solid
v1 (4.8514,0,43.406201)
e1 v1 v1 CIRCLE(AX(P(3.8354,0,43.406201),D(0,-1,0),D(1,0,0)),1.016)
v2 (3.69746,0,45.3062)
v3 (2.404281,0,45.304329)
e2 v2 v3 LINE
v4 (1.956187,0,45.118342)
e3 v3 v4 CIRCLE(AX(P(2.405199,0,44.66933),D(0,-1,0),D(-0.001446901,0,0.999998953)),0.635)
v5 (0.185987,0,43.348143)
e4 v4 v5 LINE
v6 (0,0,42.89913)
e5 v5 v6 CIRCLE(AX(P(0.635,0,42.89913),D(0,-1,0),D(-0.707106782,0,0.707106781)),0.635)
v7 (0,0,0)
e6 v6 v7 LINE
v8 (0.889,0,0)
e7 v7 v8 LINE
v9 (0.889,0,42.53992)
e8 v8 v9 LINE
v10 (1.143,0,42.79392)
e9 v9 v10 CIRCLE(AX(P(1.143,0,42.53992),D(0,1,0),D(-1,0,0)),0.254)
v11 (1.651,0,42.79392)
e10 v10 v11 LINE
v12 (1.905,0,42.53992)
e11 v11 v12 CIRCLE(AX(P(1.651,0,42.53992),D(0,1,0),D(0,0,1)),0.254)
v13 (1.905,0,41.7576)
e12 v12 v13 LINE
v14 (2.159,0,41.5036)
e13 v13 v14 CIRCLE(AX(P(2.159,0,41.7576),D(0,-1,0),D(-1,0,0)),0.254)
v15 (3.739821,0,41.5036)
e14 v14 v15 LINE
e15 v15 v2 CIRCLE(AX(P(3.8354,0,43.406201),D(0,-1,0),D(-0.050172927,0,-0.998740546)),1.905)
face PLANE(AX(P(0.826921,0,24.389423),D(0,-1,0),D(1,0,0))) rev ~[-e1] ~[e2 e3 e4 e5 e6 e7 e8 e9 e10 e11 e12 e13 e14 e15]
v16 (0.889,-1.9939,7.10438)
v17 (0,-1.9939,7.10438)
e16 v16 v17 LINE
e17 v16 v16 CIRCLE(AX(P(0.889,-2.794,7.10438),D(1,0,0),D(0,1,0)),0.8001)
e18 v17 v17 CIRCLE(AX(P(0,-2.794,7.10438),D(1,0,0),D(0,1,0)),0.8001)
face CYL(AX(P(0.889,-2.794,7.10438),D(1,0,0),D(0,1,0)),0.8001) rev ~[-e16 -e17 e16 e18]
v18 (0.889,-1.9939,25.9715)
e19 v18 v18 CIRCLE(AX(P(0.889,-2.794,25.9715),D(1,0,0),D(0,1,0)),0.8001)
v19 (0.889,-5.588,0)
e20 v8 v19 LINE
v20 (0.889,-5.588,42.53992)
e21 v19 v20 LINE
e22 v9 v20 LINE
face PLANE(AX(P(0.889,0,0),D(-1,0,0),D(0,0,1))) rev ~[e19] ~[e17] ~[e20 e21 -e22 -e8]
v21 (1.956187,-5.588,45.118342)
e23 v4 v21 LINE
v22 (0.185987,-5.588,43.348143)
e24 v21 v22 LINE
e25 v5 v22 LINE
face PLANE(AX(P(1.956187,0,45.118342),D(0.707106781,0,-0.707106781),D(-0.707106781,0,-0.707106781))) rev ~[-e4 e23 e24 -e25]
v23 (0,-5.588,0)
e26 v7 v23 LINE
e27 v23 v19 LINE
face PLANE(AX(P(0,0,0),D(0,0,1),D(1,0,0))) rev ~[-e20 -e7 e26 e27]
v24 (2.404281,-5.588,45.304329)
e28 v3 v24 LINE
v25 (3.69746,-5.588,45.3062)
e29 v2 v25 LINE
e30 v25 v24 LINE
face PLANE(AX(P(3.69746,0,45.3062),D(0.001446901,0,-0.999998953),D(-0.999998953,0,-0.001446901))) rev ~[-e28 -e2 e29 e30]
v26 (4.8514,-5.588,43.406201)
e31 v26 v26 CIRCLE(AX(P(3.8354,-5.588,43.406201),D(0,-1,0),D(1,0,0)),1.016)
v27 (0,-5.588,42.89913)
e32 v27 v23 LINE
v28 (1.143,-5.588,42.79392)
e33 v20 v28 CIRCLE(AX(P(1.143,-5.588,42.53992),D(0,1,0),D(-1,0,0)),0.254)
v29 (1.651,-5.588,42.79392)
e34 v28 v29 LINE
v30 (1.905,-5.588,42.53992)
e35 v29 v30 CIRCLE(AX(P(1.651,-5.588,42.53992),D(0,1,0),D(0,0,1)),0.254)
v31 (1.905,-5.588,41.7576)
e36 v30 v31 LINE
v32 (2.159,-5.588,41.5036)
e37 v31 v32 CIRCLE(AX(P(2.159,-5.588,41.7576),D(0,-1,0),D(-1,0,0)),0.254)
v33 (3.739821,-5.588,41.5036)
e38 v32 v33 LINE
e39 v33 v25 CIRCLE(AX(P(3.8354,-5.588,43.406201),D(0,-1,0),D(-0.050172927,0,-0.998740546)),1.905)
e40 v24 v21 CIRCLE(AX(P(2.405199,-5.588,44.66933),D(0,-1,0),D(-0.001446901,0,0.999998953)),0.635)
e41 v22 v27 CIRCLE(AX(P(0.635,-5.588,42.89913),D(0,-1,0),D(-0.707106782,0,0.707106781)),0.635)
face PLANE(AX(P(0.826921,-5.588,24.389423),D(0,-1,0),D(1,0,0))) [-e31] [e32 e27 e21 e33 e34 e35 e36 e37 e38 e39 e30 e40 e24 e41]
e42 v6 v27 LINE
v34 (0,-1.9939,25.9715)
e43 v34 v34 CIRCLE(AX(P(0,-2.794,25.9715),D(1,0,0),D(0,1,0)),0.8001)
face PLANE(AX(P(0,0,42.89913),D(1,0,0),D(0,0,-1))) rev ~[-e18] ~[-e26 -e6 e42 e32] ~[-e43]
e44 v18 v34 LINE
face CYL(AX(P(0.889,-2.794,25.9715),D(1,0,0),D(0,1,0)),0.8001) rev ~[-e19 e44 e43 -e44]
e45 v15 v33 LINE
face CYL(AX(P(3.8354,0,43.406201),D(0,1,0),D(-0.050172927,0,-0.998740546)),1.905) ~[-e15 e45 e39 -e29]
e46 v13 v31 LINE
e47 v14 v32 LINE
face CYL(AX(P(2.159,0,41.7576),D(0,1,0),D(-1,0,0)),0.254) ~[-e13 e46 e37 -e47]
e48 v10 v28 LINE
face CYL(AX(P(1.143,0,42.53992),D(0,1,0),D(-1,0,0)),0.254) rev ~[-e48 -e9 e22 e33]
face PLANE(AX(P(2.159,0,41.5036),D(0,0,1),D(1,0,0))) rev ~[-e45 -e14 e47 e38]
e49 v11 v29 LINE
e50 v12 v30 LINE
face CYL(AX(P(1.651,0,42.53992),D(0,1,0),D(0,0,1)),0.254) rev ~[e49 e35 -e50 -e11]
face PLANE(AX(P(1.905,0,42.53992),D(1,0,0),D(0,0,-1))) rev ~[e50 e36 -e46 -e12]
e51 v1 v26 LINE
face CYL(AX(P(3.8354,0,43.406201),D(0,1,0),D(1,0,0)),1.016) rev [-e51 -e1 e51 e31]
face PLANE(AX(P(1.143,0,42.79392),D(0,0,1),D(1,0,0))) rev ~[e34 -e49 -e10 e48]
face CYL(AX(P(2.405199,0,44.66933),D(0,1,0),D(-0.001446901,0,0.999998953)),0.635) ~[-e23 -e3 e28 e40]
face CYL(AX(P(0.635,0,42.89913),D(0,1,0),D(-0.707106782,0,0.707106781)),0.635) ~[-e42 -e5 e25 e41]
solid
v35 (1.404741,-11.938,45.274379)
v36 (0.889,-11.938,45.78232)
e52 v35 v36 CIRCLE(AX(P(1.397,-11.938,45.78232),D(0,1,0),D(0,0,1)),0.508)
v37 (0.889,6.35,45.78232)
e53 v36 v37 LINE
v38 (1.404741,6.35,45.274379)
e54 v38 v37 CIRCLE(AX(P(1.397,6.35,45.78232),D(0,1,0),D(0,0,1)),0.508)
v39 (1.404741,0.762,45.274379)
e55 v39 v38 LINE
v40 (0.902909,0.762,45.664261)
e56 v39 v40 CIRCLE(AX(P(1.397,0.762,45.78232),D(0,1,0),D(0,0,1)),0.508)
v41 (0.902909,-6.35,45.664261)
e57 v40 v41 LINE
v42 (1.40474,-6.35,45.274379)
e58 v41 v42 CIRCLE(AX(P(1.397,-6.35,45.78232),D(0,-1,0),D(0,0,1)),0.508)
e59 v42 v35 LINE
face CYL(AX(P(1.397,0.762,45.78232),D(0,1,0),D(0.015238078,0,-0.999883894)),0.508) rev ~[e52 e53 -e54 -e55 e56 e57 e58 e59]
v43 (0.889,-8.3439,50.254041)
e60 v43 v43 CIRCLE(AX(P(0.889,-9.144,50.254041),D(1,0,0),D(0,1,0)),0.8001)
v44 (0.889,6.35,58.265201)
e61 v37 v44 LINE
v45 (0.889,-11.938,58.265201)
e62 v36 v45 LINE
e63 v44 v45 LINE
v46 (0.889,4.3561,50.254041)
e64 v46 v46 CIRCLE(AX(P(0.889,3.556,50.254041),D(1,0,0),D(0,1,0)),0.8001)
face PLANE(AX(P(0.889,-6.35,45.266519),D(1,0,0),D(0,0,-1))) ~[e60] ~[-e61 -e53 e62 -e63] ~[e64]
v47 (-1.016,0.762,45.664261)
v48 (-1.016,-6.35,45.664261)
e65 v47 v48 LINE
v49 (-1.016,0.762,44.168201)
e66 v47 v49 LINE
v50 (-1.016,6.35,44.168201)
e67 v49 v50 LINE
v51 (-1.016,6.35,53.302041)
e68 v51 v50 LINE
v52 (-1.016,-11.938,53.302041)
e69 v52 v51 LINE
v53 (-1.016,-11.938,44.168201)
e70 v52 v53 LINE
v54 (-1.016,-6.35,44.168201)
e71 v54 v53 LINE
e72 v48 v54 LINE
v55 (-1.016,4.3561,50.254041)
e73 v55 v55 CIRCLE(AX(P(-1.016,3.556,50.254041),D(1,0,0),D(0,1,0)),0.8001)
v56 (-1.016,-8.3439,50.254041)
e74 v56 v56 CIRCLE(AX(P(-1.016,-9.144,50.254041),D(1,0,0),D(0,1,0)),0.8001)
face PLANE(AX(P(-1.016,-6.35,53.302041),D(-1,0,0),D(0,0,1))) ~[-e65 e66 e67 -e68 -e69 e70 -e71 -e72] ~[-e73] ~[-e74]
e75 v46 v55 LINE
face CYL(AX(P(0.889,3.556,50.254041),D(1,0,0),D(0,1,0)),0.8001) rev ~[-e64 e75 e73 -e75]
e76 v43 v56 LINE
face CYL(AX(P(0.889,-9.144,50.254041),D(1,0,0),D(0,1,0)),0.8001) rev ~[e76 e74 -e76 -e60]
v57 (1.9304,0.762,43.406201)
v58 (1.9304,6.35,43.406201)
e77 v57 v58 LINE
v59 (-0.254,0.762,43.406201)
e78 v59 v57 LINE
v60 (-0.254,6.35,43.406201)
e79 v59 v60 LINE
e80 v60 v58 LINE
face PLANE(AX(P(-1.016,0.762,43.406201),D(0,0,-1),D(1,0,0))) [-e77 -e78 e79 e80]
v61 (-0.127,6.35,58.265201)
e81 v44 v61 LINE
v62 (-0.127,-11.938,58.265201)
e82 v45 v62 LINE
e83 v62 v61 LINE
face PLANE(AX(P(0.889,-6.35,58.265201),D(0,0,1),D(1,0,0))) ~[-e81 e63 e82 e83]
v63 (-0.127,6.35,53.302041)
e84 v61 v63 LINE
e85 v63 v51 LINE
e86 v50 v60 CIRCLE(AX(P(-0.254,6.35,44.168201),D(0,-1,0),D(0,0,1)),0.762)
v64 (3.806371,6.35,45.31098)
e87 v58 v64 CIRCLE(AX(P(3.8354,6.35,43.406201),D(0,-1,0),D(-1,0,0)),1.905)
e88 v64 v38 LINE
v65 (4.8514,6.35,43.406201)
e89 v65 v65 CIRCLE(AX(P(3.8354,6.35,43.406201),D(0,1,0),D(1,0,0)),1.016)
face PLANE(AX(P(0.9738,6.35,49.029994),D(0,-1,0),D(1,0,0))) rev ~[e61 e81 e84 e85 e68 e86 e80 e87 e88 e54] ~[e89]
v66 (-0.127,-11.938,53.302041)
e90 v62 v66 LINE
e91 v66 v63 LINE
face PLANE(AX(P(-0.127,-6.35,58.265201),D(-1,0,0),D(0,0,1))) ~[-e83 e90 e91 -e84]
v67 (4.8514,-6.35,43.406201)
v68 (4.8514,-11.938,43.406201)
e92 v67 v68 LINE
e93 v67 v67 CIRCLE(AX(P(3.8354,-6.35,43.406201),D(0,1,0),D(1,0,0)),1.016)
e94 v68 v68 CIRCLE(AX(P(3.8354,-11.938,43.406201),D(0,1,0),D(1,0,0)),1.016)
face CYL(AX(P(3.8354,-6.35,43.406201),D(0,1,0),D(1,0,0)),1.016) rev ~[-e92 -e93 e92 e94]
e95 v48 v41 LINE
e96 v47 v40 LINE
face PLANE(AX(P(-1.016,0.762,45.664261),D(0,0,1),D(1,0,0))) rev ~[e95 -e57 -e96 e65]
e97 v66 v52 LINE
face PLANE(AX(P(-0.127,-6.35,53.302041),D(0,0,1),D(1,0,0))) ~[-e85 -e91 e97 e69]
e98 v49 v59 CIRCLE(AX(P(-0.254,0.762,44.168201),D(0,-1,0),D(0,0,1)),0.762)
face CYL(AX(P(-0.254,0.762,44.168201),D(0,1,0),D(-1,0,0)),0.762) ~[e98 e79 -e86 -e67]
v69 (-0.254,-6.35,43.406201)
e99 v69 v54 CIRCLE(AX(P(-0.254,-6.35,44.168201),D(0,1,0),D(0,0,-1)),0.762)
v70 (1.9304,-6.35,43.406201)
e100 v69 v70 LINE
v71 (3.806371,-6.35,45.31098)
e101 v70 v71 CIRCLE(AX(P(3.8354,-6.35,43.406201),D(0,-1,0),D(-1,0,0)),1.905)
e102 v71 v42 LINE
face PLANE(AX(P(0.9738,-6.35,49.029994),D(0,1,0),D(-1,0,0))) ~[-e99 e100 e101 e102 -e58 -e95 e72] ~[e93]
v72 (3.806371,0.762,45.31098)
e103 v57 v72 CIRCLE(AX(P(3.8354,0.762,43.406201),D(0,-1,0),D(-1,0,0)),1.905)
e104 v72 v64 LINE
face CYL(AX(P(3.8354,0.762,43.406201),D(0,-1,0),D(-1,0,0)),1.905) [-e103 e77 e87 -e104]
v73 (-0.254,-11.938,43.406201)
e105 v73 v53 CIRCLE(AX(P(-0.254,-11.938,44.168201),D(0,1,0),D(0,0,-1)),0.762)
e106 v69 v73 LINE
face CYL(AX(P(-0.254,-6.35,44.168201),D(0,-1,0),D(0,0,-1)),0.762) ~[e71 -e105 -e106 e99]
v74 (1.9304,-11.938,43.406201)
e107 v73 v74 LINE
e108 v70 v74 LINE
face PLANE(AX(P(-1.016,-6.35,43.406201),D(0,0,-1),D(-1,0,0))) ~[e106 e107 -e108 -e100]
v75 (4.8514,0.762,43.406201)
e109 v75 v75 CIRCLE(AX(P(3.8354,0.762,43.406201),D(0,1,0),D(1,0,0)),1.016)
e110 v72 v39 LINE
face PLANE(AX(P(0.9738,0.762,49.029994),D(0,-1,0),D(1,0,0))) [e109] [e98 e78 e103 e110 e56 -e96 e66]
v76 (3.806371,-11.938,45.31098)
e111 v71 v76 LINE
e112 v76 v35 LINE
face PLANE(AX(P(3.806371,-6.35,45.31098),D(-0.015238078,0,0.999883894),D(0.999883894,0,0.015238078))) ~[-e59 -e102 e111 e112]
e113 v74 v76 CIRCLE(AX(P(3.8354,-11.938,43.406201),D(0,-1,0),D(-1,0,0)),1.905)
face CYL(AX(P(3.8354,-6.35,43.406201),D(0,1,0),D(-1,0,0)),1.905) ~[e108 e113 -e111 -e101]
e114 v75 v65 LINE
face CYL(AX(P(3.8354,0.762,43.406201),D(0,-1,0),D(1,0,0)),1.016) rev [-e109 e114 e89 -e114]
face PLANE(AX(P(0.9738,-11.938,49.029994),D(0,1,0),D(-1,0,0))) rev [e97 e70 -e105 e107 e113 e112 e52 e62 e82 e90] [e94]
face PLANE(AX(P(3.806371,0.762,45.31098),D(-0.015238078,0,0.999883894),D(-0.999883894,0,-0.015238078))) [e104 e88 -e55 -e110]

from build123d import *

# Parameters (mm, degrees)
F0_R           = 1.016
F1_DEPTH       = 5.588
F2_R           = 0.8001
F3_DEPTH       = 25.4
F3_DEPTH_BACK  = 25.4
F6_DEPTH       = 5.588
F10_DEPTH      = 7.112
F12_R          = 0.508
F13_R          = 0.762
F14_R          = 0.8001
F15_DEPTH      = 25.4
F15_DEPTH_BACK = 25.4
F16_DEPTH      = 25.4
F16_DEPTH_BACK = 25.4


with BuildPart() as f1:
    # F0 (on Front) → F1 (new body)
    with BuildSketch(Plane.XZ):
        with BuildLine():
            Line((0, 42.8991302448), (0, 0))
            Line((0, 0), (0.889, 0))
            Line((0.889, 0), (0.889, 42.53992))
            ThreePointArc((0.889, 42.53992), (0.9633948776, 42.7195251224), (1.143, 42.79392))
            Line((1.143, 42.79392), (1.651, 42.79392))
            ThreePointArc((1.651, 42.79392), (1.8306051224, 42.7195251224), (1.905, 42.53992))
            Line((1.905, 42.53992), (1.905, 41.7576))
            ThreePointArc((1.905, 41.7576), (1.9793948776, 41.5779948776), (2.159, 41.5036))
            Line((2.159, 41.5036), (3.7398205742, 41.5036))
            ThreePointArc((3.7398205742, 41.5036), (5.7402818064, 43.4274211016), (3.6974596514, 45.306200071))
            Line((3.6974596514, 45.306200071), (2.4042806048, 45.3043289671))
            ThreePointArc((2.4042806048, 45.3043289671), (2.1617710488, 45.25581718), (1.9561865808, 45.1183424378))
            Line((1.9561865808, 45.1183424378), (0.1859871939, 43.3481430509))
            ThreePointArc((0.1859871939, 43.3481430509), (0.0483364969, 43.1421342244), (0, 42.8991302448))
        make_face()
        with Locations((3.8354, 43.4062007393)):
            Circle(F0_R, mode=Mode.SUBTRACT)
    extrude(amount=F1_DEPTH)

    # F2 (on face) → F3 (cut, two sides)
    with BuildSketch(Plane.YZ.offset(0.889)) as f3_sk:
        with Locations((-2.794, 25.9715)):
            Circle(F2_R)
        with Locations((-2.794, 7.10438)):
            Circle(F2_R)
    extrude(amount=-F3_DEPTH, mode=Mode.SUBTRACT)
    extrude(f3_sk.sketch, amount=F3_DEPTH_BACK, mode=Mode.SUBTRACT)


with BuildPart() as f6:
    # F5 (on offset) → F6 (new body)
    with BuildSketch(Plane.XZ.offset(-0.762)):
        with BuildLine():
            Line((-1.016, 43.4062007393), (1.9304, 43.4062007393))
            ThreePointArc((1.9304, 43.4062007393), (5.1926627539, 42.0694648578), (3.8063714614, 45.3109795569))
            Line((3.8063714614, 45.3109795569), (0.889, 45.2665192609))
            Line((0.889, 45.2665192609), (0.889, 58.2652007393))
            Line((0.889, 58.2652007393), (-0.127, 58.2652007393))
            Line((-0.127, 58.2652007393), (-0.127, 53.3020407393))
            Line((-0.127, 53.3020407393), (-1.016, 53.3020407393))
            Line((-1.016, 53.3020407393), (-1.016, 43.4062007393))
        make_face()
        with BuildLine():
            ThreePointArc((2.8194, 43.4062007393), (3.8354, 44.4222007393), (4.8514, 43.4062007393))
            ThreePointArc((4.8514, 43.4062007393), (3.8354, 42.3902007393), (2.8194, 43.4062007393))
        make_face(mode=Mode.SUBTRACT)
    extrude(amount=-F6_DEPTH)


with BuildPart() as f8_1:
    # F8: instance of F6
    add(f6.part.mirror(Plane.XZ.offset(2.794)))


with BuildPart() as f10:
    # F9 (on face) → F10 (new body, through all)
    with BuildSketch(Plane.XZ.offset(-0.762)):
        Polygon((-1.016, 53.3020407393), (-1.016, 45.6642607393), (0.889, 45.6642607393), (0.889, 58.2652007393), (-0.127, 58.2652007393), (-0.127, 53.3020407393), align=None)
    extrude(amount=F10_DEPTH)


with BuildPart() as f6_1:
    add(f6.part)

    # F11: union F10, F8_1
    add(f10.part)
    add(f8_1.part)

    # F12
    f12_edges = [f6_1.edges().sort_by_distance(p)[0] for p in [
        (0.889, 3.556, 45.266519),
    ]]
    fillet(f12_edges, radius=F12_R)

    # F13
    f13_edges = [f6_1.edges().sort_by_distance(p)[0] for p in [
        (-1.016, -9.144, 43.406201),
        (-1.016, 3.556, 43.406201),
    ]]
    fillet(f13_edges, radius=F13_R)

    # F14 (on face) → F15 (cut, two sides)
    with BuildSketch(Plane.YZ.offset(0.889)) as f15_sk:
        with Locations((-9.144, 50.2540407393)):
            Circle(F14_R)
    extrude(amount=-F15_DEPTH, mode=Mode.SUBTRACT)
    extrude(f15_sk.sketch, amount=F15_DEPTH_BACK, mode=Mode.SUBTRACT)

    # F14 (on face) → F16 (cut, two sides)
    with BuildSketch(Plane.YZ.offset(0.889)) as f16_sk:
        with Locations((-9.144, 50.2540407393)):
            Circle(F14_R)
        with Locations((3.556, 50.2540407393)):
            Circle(F14_R)
    extrude(amount=-F16_DEPTH, mode=Mode.SUBTRACT)
    extrude(f16_sk.sketch, amount=F16_DEPTH_BACK, mode=Mode.SUBTRACT)


solid = Compound([f1.part, f6_1.part])
